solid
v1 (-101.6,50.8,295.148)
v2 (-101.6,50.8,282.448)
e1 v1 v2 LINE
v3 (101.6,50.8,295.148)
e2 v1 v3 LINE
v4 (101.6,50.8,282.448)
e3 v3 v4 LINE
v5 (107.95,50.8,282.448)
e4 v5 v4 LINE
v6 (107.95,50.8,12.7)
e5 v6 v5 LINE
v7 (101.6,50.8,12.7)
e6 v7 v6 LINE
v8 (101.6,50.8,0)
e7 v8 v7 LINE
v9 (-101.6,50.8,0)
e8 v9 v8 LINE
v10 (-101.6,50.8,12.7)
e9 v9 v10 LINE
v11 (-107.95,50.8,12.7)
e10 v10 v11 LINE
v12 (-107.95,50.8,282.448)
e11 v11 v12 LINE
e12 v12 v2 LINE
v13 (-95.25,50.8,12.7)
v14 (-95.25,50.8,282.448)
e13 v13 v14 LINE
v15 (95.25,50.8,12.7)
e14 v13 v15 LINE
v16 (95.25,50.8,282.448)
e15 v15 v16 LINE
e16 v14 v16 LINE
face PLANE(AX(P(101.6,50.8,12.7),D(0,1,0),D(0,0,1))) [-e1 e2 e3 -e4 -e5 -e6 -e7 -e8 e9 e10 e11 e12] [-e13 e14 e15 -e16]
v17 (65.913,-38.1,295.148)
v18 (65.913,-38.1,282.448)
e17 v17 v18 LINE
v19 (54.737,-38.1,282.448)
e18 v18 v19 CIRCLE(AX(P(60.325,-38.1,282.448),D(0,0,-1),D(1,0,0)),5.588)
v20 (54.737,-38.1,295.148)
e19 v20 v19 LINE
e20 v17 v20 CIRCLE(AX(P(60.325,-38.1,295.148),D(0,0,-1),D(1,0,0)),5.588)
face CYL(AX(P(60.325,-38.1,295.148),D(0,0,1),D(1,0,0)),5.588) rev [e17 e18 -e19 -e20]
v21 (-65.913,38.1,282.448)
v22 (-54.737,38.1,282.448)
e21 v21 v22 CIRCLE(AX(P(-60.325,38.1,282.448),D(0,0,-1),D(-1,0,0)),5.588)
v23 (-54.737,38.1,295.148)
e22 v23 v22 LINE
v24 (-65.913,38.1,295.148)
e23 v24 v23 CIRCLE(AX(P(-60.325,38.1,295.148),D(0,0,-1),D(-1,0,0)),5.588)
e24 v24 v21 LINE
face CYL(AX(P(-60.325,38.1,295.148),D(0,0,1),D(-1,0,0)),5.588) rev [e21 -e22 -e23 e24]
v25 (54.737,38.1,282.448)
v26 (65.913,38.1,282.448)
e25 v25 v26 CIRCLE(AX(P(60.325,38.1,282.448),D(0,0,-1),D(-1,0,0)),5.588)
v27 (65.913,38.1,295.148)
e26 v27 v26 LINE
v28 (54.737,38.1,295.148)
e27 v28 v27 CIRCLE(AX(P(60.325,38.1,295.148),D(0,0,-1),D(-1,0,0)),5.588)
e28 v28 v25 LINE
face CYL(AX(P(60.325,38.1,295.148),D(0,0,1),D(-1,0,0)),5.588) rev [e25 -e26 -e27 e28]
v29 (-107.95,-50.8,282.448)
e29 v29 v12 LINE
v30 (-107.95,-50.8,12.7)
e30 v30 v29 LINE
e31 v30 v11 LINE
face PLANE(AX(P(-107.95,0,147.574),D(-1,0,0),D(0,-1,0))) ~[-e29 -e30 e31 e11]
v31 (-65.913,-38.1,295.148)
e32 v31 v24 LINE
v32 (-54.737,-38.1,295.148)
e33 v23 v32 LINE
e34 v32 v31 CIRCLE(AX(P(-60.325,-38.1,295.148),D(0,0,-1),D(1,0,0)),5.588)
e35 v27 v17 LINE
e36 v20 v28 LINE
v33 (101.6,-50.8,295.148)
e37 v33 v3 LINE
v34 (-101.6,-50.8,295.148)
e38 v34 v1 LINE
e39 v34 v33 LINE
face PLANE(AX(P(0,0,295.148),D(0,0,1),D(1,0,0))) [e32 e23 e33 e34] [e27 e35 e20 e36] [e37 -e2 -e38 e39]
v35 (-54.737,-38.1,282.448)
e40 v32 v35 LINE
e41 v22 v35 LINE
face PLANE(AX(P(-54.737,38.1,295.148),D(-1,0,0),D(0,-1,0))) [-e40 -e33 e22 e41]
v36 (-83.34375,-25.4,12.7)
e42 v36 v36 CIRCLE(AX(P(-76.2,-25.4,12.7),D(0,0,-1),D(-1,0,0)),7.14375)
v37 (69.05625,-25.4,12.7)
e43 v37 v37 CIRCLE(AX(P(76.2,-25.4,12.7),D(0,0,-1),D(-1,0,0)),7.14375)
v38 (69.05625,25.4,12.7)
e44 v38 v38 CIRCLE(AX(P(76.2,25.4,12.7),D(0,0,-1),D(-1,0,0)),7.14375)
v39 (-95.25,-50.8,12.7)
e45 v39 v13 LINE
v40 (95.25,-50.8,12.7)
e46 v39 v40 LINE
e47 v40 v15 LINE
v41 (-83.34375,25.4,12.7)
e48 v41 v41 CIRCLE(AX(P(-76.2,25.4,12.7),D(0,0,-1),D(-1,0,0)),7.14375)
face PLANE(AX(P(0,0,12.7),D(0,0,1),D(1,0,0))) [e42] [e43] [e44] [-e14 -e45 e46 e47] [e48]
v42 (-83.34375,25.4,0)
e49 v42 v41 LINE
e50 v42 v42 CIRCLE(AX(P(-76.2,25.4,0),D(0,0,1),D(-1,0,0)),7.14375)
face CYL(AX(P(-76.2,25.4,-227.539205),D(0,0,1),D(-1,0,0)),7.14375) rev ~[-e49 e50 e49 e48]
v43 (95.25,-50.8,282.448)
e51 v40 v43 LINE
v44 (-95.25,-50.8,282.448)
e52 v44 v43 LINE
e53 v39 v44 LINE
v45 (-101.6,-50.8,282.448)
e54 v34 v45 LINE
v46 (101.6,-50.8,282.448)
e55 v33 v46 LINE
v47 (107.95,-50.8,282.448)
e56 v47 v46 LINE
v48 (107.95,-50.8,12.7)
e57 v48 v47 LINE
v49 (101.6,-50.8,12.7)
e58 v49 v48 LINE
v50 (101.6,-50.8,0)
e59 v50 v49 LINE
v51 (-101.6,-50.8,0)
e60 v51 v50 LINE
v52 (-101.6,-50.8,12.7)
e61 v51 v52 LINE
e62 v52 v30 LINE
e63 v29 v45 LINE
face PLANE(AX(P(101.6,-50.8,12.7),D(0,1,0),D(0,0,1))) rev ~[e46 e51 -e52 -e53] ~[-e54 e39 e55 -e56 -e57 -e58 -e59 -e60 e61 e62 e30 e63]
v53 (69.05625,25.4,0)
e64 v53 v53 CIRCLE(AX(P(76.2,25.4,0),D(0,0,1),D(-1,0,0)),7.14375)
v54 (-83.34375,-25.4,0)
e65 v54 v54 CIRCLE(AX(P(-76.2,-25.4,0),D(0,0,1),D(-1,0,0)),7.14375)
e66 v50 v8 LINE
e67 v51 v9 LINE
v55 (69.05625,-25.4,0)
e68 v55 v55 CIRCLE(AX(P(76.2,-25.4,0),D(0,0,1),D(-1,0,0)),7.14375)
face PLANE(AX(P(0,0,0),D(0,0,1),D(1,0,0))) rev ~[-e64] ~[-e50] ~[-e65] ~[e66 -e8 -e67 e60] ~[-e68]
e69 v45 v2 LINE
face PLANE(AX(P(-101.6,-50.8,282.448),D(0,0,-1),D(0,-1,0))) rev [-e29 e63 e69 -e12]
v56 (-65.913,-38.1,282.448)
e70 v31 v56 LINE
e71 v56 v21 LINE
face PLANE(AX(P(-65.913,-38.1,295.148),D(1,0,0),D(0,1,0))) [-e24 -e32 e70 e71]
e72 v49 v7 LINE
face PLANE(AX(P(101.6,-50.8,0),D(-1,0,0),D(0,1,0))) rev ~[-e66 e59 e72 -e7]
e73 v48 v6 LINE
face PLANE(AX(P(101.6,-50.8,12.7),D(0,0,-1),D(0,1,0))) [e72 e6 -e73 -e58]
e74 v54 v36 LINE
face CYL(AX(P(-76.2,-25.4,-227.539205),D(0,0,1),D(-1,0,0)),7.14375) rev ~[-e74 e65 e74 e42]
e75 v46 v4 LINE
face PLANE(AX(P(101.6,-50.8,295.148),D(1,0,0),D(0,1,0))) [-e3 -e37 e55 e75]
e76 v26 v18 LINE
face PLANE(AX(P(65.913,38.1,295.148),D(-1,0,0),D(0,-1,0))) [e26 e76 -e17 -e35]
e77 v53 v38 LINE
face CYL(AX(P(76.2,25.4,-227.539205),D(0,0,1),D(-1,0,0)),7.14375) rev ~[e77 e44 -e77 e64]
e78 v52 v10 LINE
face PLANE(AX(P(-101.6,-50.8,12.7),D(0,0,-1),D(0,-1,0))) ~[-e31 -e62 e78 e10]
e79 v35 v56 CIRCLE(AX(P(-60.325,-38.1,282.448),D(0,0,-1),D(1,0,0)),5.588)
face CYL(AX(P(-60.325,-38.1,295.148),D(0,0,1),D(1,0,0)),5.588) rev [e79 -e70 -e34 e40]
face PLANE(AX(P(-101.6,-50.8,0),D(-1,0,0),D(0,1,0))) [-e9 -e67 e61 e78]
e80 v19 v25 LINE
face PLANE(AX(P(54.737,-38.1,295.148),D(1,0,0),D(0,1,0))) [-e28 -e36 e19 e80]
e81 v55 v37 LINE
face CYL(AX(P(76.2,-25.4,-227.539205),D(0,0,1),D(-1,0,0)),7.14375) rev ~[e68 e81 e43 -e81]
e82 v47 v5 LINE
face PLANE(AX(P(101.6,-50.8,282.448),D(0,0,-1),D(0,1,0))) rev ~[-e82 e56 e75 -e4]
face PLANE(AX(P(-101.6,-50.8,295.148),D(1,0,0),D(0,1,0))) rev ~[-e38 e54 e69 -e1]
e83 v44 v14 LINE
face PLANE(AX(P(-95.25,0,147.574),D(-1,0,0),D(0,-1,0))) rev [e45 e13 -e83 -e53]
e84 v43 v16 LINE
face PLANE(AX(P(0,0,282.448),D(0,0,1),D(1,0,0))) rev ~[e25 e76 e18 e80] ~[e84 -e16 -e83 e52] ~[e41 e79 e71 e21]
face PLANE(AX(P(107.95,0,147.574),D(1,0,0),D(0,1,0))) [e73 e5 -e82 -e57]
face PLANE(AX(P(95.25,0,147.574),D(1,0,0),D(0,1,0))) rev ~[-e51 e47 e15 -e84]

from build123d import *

# Parameters (mm, degrees)
F0_W     = 203.2
F0_H     = 101.6
F1_DEPTH = 12.7
F2_D     = 14.2875
F4_W     = 203.2
F4_H     = 101.6
F5_DEPTH = 12.7
F6_W     = 101.6
F6_H     = 269.748
F7_DEPTH = 6.35


with BuildPart() as f1:
    # F0 (on Top) → F1 (new body)
    with BuildSketch(Plane.XY):
        Rectangle(F0_W, F0_H)
    extrude(amount=F1_DEPTH)

    # F2 (through all)
    with Locations(Plane(origin=(0, 0, 0), x_dir=(1, 0, 0), z_dir=(0, 0, -1))):
        with Locations((-76.2, 25.4), (-76.2, -25.4), (76.2, -25.4), (76.2, 25.4)):
            Hole(F2_D / 2)



with BuildPart() as f5:
    # F4 (on offset) → F5 (new body)
    with BuildSketch(Plane.XY.offset(295.148)):
        Rectangle(F4_W, F4_H)
        with BuildLine():
            Line((-65.913, -38.1), (-65.913, 38.1))
            ThreePointArc((-65.913, 38.1), (-60.325, 43.688), (-54.737, 38.1))
            Line((-54.737, 38.1), (-54.737, -38.1))
            ThreePointArc((-54.737, -38.1), (-60.325, -43.688), (-65.913, -38.1))
        make_face(mode=Mode.SUBTRACT)
        with BuildLine():
            ThreePointArc((54.737, 38.1), (60.325, 43.688), (65.913, 38.1))
            Line((65.913, 38.1), (65.913, -38.1))
            ThreePointArc((65.913, -38.1), (60.325, -43.688), (54.737, -38.1))
            Line((54.737, -38.1), (54.737, 38.1))
        make_face(mode=Mode.SUBTRACT)
    extrude(amount=-F5_DEPTH)


with BuildPart() as f1_1:
    add(f1.part)

    add(f5.part)  # F7 merges F5
    # F6 (on face) → F7 (join, symmetric)
    with BuildSketch(Plane.YZ.offset(101.6)):
        with Locations((0, 147.574)):
            Rectangle(F6_W, F6_H)
    extrude(amount=F7_DEPTH, both=True)

    # F8: F1 across plane


with BuildPart() as f1_2:
    add(f1_1.part)
    add(f1_1.part.mirror(Plane.YZ))


solid = f1_2.part
